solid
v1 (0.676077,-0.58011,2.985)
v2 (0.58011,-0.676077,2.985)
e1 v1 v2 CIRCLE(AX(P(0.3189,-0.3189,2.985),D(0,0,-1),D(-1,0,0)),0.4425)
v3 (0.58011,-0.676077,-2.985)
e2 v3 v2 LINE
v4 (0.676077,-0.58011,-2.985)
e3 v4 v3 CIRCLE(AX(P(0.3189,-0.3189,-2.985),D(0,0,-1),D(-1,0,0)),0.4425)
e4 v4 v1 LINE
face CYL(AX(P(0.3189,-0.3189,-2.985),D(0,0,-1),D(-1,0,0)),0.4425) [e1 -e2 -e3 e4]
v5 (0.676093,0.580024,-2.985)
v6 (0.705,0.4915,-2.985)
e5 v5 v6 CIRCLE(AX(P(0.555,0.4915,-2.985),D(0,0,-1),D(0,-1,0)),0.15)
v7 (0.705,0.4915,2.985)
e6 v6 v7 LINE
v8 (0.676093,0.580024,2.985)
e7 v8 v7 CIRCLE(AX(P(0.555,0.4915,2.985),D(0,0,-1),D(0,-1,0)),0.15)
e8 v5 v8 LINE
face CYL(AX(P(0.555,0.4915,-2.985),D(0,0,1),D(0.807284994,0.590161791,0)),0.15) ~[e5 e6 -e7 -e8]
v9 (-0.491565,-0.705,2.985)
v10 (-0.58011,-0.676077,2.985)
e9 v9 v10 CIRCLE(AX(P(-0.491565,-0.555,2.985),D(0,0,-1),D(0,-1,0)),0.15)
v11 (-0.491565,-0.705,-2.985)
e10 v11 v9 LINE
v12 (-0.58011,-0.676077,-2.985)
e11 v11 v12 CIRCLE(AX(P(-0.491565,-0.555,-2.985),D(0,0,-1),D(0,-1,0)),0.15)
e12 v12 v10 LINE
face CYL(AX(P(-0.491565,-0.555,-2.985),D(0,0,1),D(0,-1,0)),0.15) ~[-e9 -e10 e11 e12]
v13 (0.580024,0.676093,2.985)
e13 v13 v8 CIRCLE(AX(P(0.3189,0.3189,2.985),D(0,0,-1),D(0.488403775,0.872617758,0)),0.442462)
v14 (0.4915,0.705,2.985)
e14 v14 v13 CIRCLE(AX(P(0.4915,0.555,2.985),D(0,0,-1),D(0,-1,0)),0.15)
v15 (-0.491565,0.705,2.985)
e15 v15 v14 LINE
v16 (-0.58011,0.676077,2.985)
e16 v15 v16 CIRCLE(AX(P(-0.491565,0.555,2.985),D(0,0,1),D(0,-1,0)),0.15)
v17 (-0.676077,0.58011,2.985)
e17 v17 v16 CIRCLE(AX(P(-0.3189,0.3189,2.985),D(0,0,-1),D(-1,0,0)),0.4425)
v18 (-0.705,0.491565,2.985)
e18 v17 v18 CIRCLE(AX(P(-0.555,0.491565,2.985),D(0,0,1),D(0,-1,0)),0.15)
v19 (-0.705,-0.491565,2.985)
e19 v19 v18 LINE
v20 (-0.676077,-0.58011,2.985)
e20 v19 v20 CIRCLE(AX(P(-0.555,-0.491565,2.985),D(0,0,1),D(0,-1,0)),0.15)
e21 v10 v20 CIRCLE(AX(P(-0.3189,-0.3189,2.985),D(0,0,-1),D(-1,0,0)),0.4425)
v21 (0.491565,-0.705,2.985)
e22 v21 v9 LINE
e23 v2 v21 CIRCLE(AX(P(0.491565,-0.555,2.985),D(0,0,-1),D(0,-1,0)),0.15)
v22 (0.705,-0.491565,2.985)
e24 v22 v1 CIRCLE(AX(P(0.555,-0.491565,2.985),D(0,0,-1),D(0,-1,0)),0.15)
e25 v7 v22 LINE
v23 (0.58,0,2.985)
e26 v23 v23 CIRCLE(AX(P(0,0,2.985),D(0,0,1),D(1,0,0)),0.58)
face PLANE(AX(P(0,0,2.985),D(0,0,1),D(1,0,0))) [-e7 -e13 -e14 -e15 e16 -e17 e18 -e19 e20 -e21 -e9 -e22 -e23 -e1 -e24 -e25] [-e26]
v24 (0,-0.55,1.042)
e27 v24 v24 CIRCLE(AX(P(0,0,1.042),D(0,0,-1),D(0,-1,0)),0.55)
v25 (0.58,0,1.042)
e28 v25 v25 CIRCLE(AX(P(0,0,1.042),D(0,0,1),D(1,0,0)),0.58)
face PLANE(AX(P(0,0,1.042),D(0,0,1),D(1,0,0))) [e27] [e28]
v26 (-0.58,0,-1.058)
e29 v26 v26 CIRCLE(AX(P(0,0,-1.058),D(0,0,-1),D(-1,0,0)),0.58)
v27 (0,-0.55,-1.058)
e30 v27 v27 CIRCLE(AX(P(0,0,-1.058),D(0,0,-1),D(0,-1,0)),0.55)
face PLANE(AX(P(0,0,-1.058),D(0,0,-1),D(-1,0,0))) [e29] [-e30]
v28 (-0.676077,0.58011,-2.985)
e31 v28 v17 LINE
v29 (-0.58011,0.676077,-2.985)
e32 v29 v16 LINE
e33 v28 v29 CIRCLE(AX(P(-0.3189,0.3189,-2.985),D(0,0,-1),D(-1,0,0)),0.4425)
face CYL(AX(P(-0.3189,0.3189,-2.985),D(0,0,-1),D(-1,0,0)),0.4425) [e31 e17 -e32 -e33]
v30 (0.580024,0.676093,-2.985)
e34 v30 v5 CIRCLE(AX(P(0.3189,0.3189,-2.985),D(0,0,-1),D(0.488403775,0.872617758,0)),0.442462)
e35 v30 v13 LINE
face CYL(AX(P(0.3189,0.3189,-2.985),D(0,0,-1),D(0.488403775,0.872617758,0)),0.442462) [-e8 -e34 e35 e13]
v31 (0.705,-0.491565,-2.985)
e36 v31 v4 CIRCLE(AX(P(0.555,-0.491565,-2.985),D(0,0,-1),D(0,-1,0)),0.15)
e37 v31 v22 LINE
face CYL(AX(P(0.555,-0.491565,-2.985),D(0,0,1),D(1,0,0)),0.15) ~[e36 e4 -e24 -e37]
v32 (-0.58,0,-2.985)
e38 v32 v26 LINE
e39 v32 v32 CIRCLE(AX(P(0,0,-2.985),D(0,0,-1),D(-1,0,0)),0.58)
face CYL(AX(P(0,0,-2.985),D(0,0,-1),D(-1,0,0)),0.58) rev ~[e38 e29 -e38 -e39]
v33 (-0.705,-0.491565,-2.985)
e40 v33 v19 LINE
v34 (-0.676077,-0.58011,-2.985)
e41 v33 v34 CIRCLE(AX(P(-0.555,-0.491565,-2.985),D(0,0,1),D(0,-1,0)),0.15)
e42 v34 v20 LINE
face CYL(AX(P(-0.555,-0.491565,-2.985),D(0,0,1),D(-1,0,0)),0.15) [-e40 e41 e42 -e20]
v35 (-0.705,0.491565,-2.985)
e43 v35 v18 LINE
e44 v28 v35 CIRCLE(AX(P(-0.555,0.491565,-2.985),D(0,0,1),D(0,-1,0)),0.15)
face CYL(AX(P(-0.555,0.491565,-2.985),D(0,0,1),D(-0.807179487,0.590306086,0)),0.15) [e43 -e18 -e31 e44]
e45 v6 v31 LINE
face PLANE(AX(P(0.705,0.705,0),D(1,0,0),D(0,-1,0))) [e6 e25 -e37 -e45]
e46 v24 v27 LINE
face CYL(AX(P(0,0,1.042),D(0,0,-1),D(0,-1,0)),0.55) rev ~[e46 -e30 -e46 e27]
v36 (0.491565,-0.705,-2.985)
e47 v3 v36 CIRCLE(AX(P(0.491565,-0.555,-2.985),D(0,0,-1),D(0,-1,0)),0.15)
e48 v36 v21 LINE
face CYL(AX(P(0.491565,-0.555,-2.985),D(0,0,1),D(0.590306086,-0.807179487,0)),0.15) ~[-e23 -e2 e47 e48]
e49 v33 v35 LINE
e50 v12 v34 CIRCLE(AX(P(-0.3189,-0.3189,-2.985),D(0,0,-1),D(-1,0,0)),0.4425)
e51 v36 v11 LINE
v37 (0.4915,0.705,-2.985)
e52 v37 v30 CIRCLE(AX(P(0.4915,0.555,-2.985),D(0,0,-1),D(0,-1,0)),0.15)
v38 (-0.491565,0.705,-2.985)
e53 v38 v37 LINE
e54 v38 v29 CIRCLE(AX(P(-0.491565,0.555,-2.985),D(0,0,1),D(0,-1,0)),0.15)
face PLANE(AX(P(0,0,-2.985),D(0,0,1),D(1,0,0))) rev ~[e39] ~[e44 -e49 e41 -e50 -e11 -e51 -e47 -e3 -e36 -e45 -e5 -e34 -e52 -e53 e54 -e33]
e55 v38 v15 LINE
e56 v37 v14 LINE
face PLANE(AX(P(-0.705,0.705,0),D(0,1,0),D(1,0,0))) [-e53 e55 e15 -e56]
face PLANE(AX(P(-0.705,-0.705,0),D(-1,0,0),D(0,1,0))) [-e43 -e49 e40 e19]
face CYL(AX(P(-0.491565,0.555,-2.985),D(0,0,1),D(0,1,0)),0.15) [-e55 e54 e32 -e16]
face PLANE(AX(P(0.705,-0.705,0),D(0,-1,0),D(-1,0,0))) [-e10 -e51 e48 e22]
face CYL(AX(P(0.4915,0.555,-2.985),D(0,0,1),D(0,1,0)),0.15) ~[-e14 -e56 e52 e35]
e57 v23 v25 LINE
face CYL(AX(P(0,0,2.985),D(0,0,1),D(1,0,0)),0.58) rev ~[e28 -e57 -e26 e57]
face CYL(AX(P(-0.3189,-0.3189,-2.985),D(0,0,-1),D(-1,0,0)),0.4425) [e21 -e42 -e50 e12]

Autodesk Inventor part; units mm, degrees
ref_plane "YZ Plane" through (0, 0, 0) normal (1, 0, 0) x (0, 1, 0)
ref_plane "XZ Plane" through (0, 0, 0) normal (0, 1, 0) x (-1, 0, 0)
ref_plane "XY Plane" through (0, 0, 0) normal (0, 0, 1) x (1, 0, 0)
sketch "Sketch1" plane through (0, 0, 0) normal (0, 0, 1) x (1, 0, 0)
  line L0 (-0.705, 0.705) -> (0.705, 0.705)
  line L1 (0.705, 0.705) -> (0.705, -0.705)
  line L2 (0.705, -0.705) -> (-0.705, -0.705)
  line L3 (-0.705, -0.705) -> (-0.705, 0.705)
  point P0 (0, 0)
  point P1 (-0.705, 0)
  point P2 (0, 0.705)
  dimension "d0" = 1.41
extrude "Extrusion1" add sketch "Sketch1" along normal mid plane 5.97
fillet "Fillet1" [suppressed]
sketch "Sketch2" plane through (0, 0, 2.985) normal (0, 0, 1) x (1, 0, 0)
  circle A0 centre (0, 0) radius 0.58
  dimension "d4" = 1.16
extrude "Extrusion2" cut sketch "Sketch2" against normal blind 1.943
hole "Hole1" at (0, 0, 1.042) direction (0, 0, -1) diameter 1.1 depth 2.1
thread "Thread1" size "M1.1x0.25" class "6H" standard "ISO Metric profile" full length
sketch "Sketch3" plane through (0, 0, -2.985) normal (0, 0, -1) x (-1, 0, 0)
  circle A0 centre (0, 0) radius 0.58
  dimension "d18" = 1.16
extrude "Extrusion3" cut sketch "Sketch3" against normal up to surface (1.927 mm away)
sketch "Sketch4" plane through (0, 0, -2.985) normal (0, 0, -1) x (-1, 0, 0)
  line L0 (-0.705, 0.705) -> (0.705, 0.705) projected
  line L1 (-0.705, -0.705) -> (-0.705, 0.705) projected
  line L2 (0.705, -0.705) -> (-0.705, -0.705) projected
  line L3 (0.705, 0.705) -> (0.705, -0.705) projected
  arc A0 (-0.535, 0.705) -> (-0.705, 0.535) centre (-0.3189, 0.3189) ccw
  circle A1 centre (0.3189, 0.3189) radius 0.4425
  circle A2 centre (-0.3189, -0.3189) radius 0.4425
  circle A3 centre (0.3189, -0.3189) radius 0.4425
  point P0 (0.535, 0.705)
  point P1 (0.705, 0.535)
  point P2 (0.705, -0.535)
  point P3 (0.535, -0.705)
  point P4 (-0.535, -0.705)
  point P5 (-0.705, -0.535)
  dimension "d22" = 0.17
  dimension "d23" = 0.17
  dimension "d25" = 0.885
  dimension "d26" = 0.885
  dimension "d27" = 0.885
  dimension "d28" = 0.17
  dimension "d29" = 0.17
  dimension "d30" = 0.17
  dimension "d31" = 0.17
  dimension "d32" = 0.17
  dimension "d33" = 0.17
extrude "Extrusion4" cut sketch "Sketch4" against normal through all contours L0 A0 L1 | L0 L3 A1 | A2 L2 L1 | L3 L2 A3
fillet "Fillet2" radius 0.15 8 edges at (0.705, 0.535, 0) (0.535, 0.705, 0) (-0.535, 0.705, 0) (-0.705, 0.535, 0) (-0.705, -0.535, 0) (-0.535, -0.705, 0) (0.535, -0.705, 0) (0.705, -0.535, 0)
properties part number "PZT_Guide" material "Stainless Steel"
